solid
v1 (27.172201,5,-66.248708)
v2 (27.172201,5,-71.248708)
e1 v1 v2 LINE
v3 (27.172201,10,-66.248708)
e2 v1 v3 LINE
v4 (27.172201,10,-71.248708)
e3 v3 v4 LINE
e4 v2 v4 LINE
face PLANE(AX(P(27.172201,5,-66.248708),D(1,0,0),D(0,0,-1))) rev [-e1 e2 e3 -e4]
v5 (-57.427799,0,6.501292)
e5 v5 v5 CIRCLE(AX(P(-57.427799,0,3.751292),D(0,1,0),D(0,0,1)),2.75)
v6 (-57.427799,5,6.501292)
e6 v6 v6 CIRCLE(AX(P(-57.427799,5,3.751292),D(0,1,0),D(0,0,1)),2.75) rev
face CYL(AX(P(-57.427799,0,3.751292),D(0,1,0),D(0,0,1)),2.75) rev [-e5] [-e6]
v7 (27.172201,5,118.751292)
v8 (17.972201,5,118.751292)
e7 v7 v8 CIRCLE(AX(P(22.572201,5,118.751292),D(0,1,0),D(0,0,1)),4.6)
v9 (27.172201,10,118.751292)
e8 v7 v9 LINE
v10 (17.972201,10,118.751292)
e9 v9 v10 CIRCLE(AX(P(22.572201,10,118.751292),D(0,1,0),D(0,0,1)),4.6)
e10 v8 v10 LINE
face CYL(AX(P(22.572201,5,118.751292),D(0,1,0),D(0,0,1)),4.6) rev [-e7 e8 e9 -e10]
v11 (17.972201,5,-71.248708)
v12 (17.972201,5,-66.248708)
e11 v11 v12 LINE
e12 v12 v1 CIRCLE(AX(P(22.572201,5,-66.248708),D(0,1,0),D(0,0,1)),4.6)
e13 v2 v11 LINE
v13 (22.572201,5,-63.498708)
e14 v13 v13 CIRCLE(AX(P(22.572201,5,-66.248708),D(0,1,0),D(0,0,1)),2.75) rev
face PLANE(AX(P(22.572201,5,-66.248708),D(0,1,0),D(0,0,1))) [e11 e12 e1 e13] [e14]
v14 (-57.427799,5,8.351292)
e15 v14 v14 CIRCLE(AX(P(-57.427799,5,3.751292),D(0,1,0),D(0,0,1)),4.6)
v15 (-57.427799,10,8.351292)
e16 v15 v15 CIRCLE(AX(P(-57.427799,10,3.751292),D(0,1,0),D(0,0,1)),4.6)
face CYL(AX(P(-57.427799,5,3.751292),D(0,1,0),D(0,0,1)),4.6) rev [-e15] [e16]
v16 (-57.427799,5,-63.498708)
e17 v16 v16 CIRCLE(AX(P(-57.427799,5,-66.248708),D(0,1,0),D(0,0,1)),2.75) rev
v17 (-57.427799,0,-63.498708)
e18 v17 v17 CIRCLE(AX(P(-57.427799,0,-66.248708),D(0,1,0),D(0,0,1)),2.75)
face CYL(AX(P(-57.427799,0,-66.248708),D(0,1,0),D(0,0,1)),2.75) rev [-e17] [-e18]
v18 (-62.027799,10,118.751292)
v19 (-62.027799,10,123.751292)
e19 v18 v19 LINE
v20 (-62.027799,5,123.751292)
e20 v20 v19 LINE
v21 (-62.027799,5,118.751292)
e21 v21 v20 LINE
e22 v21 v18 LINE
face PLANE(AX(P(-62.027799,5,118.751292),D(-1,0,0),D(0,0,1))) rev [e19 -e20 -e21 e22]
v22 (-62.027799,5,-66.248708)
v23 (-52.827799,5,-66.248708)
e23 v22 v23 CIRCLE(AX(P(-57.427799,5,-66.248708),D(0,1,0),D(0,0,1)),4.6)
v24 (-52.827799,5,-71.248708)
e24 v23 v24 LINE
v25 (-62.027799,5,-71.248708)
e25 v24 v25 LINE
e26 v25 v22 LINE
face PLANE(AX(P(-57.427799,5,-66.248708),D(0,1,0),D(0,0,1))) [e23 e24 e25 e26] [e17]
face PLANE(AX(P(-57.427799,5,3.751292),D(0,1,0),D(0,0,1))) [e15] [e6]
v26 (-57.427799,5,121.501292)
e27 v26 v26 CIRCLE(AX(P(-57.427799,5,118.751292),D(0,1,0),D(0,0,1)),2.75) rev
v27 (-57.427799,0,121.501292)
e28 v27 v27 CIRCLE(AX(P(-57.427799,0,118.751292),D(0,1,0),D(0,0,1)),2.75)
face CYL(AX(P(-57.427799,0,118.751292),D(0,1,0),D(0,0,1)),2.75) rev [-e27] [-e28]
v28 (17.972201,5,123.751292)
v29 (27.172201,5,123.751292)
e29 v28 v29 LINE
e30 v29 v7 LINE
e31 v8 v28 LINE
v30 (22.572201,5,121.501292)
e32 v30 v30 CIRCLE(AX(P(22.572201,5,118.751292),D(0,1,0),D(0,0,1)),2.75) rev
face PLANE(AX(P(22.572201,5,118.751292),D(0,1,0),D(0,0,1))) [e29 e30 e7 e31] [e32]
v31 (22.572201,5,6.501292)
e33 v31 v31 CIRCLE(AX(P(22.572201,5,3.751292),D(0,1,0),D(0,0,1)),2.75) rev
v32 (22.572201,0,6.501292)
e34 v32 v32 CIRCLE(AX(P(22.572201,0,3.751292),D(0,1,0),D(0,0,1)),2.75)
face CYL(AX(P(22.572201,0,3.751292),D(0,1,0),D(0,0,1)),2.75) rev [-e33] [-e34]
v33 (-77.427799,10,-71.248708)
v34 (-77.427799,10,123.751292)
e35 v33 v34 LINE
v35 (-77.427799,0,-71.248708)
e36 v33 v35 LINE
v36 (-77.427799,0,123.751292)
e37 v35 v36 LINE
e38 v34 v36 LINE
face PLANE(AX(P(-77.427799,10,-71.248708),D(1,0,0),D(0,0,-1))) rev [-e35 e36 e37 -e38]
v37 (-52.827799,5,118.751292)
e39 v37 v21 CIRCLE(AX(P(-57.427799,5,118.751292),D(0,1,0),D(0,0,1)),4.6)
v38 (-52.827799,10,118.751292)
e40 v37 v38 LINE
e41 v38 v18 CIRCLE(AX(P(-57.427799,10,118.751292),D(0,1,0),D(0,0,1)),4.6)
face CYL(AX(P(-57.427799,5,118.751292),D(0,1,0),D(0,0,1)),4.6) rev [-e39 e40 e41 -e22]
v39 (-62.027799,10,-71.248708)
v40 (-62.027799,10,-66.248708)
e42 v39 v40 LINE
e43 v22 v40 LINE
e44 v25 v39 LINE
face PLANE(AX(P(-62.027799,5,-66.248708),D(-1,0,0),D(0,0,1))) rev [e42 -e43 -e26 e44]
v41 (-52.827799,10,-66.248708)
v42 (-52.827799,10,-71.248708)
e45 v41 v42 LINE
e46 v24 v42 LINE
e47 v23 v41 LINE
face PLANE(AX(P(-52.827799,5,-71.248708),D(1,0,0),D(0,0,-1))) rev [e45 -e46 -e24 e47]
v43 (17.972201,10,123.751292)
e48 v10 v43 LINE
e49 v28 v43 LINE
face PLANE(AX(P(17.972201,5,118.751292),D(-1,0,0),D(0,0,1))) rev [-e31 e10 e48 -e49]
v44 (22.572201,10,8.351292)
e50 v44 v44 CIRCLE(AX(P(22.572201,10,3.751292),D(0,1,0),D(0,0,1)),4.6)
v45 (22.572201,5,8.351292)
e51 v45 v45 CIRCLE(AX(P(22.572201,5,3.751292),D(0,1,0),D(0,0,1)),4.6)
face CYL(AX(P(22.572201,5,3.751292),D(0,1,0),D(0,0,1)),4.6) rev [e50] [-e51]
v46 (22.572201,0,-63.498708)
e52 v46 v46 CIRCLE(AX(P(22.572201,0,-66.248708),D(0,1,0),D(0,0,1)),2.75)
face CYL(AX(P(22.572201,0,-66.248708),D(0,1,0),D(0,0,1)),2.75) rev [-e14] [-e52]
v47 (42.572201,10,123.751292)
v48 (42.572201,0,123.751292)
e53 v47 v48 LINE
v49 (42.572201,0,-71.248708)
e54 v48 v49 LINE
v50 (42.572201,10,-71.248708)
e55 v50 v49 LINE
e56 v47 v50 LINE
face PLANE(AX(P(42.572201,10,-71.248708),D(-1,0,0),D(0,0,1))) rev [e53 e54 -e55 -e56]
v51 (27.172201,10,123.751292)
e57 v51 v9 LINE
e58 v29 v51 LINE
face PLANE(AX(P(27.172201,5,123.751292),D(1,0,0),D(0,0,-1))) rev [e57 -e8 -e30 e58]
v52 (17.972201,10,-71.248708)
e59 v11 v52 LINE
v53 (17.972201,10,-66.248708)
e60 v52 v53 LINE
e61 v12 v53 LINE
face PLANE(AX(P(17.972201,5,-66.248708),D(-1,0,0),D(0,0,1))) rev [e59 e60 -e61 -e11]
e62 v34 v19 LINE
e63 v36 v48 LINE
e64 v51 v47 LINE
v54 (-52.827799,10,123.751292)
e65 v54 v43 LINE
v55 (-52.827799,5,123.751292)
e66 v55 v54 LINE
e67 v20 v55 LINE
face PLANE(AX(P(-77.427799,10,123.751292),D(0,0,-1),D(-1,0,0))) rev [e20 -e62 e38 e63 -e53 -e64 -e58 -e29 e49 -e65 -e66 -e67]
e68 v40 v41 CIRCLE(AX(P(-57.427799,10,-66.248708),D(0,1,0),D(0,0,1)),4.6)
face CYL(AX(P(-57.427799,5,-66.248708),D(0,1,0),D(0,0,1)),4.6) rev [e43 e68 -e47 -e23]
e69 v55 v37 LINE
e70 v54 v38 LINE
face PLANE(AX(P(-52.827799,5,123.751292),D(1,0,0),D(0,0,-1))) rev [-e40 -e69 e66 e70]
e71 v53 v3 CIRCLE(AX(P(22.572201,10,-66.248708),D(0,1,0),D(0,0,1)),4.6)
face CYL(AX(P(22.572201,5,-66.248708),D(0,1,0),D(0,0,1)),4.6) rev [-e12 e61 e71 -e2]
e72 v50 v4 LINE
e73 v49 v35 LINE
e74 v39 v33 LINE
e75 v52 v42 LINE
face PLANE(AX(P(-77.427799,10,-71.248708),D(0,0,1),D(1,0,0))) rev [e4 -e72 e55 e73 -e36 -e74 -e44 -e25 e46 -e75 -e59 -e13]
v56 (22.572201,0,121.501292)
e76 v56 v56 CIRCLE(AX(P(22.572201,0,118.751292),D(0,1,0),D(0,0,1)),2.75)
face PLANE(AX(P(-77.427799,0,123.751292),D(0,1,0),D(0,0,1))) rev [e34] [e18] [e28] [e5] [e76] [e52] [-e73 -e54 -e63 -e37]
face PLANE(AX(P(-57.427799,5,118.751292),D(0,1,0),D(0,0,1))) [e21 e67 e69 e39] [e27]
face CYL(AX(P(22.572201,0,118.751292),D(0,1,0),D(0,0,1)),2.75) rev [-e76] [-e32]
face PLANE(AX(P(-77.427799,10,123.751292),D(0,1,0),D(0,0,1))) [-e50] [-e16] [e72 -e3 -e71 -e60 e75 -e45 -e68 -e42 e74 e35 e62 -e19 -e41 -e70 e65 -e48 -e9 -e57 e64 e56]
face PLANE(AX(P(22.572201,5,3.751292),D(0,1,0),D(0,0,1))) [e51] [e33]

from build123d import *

# Parameters (mm, degrees)
SKETCH1_W           = 120
SKETCH1_H           = 195
BOSS_EXTRUDE1_DEPTH = 10
SKETCH2_R           = 2.75
CUT_EXTRUDE1_DEPTH  = 11
SKETCH3_R           = 4.6
CUT_EXTRUDE2_DEPTH  = 5


with BuildPart() as part:
    # Sketch1 → Boss-Extrude1 (new body)
    with BuildSketch(Plane(origin=(0, 0, 0), x_dir=(1, 0, 0), z_dir=(0, 1, 0))):
        with Locations((-17.427799272, -26.251292201)):
            Rectangle(SKETCH1_W, SKETCH1_H)
    extrude(amount=BOSS_EXTRUDE1_DEPTH)

    # Sketch2 → Cut-Extrude1 (cut, through all)
    with BuildSketch(Plane(origin=(0, 10, 0), x_dir=(-1, 0, 0), z_dir=(0, 1, 0))):
        with Locations((-22.572200728, 118.751292201)):
            Circle(SKETCH2_R)
        with Locations((57.427799272, 118.751292201)):
            Circle(SKETCH2_R)
        with Locations((-22.572200728, 3.751292201)):
            Circle(SKETCH2_R)
        with Locations((57.427799272, 3.751292201)):
            Circle(SKETCH2_R)
        with Locations((-22.572200728, -66.248707799)):
            Circle(SKETCH2_R)
        with Locations((57.427799272, -66.248707799)):
            Circle(SKETCH2_R)
    extrude(amount=-CUT_EXTRUDE1_DEPTH, mode=Mode.SUBTRACT)

    # Sketch3 → Cut-Extrude2 (cut)
    with BuildSketch(Plane(origin=(0, 10, 0), x_dir=(1, 0, 0), z_dir=(0, 1, 0))):
        with Locations((22.572200728, -3.751292201)):
            Circle(SKETCH3_R)
        with Locations((-57.427799272, -3.751292201)):
            Circle(SKETCH3_R)
        with BuildLine():
            Line((-62.027799272, 66.248707799), (-62.027799272, 71.248707799))
            Line((-62.027799272, 71.248707799), (-52.827799272, 71.248707799))
            Line((-52.827799272, 71.248707799), (-52.827799272, 66.248707799))
            ThreePointArc((-52.827799272, 66.248707799), (-57.427799272, 61.648707799), (-62.027799272, 66.248707799))
        make_face()
        with BuildLine():
            Line((17.972200728, 66.248707799), (17.972200728, 71.248707799))
            Line((17.972200728, 71.248707799), (27.172200728, 71.248707799))
            Line((27.172200728, 71.248707799), (27.172200728, 66.248707799))
            ThreePointArc((27.172200728, 66.248707799), (22.572200728, 61.648707799), (17.972200728, 66.248707799))
        make_face()
        with BuildLine():
            Line((-62.027799272, -118.751292201), (-62.027799272, -123.751292201))
            Line((-62.027799272, -123.751292201), (-52.827799272, -123.751292201))
            Line((-52.827799272, -123.751292201), (-52.827799272, -118.751292201))
            ThreePointArc((-52.827799272, -118.751292201), (-57.427799272, -114.151292201), (-62.027799272, -118.751292201))
        make_face()
        with BuildLine():
            Line((17.972200728, -118.751292201), (17.972200728, -123.751292201))
            Line((17.972200728, -123.751292201), (27.172200728, -123.751292201))
            Line((27.172200728, -123.751292201), (27.172200728, -118.751292201))
            ThreePointArc((27.172200728, -118.751292201), (22.572200728, -114.151292201), (17.972200728, -118.751292201))
        make_face()
    extrude(amount=-CUT_EXTRUDE2_DEPTH, mode=Mode.SUBTRACT)


solid = part.part
